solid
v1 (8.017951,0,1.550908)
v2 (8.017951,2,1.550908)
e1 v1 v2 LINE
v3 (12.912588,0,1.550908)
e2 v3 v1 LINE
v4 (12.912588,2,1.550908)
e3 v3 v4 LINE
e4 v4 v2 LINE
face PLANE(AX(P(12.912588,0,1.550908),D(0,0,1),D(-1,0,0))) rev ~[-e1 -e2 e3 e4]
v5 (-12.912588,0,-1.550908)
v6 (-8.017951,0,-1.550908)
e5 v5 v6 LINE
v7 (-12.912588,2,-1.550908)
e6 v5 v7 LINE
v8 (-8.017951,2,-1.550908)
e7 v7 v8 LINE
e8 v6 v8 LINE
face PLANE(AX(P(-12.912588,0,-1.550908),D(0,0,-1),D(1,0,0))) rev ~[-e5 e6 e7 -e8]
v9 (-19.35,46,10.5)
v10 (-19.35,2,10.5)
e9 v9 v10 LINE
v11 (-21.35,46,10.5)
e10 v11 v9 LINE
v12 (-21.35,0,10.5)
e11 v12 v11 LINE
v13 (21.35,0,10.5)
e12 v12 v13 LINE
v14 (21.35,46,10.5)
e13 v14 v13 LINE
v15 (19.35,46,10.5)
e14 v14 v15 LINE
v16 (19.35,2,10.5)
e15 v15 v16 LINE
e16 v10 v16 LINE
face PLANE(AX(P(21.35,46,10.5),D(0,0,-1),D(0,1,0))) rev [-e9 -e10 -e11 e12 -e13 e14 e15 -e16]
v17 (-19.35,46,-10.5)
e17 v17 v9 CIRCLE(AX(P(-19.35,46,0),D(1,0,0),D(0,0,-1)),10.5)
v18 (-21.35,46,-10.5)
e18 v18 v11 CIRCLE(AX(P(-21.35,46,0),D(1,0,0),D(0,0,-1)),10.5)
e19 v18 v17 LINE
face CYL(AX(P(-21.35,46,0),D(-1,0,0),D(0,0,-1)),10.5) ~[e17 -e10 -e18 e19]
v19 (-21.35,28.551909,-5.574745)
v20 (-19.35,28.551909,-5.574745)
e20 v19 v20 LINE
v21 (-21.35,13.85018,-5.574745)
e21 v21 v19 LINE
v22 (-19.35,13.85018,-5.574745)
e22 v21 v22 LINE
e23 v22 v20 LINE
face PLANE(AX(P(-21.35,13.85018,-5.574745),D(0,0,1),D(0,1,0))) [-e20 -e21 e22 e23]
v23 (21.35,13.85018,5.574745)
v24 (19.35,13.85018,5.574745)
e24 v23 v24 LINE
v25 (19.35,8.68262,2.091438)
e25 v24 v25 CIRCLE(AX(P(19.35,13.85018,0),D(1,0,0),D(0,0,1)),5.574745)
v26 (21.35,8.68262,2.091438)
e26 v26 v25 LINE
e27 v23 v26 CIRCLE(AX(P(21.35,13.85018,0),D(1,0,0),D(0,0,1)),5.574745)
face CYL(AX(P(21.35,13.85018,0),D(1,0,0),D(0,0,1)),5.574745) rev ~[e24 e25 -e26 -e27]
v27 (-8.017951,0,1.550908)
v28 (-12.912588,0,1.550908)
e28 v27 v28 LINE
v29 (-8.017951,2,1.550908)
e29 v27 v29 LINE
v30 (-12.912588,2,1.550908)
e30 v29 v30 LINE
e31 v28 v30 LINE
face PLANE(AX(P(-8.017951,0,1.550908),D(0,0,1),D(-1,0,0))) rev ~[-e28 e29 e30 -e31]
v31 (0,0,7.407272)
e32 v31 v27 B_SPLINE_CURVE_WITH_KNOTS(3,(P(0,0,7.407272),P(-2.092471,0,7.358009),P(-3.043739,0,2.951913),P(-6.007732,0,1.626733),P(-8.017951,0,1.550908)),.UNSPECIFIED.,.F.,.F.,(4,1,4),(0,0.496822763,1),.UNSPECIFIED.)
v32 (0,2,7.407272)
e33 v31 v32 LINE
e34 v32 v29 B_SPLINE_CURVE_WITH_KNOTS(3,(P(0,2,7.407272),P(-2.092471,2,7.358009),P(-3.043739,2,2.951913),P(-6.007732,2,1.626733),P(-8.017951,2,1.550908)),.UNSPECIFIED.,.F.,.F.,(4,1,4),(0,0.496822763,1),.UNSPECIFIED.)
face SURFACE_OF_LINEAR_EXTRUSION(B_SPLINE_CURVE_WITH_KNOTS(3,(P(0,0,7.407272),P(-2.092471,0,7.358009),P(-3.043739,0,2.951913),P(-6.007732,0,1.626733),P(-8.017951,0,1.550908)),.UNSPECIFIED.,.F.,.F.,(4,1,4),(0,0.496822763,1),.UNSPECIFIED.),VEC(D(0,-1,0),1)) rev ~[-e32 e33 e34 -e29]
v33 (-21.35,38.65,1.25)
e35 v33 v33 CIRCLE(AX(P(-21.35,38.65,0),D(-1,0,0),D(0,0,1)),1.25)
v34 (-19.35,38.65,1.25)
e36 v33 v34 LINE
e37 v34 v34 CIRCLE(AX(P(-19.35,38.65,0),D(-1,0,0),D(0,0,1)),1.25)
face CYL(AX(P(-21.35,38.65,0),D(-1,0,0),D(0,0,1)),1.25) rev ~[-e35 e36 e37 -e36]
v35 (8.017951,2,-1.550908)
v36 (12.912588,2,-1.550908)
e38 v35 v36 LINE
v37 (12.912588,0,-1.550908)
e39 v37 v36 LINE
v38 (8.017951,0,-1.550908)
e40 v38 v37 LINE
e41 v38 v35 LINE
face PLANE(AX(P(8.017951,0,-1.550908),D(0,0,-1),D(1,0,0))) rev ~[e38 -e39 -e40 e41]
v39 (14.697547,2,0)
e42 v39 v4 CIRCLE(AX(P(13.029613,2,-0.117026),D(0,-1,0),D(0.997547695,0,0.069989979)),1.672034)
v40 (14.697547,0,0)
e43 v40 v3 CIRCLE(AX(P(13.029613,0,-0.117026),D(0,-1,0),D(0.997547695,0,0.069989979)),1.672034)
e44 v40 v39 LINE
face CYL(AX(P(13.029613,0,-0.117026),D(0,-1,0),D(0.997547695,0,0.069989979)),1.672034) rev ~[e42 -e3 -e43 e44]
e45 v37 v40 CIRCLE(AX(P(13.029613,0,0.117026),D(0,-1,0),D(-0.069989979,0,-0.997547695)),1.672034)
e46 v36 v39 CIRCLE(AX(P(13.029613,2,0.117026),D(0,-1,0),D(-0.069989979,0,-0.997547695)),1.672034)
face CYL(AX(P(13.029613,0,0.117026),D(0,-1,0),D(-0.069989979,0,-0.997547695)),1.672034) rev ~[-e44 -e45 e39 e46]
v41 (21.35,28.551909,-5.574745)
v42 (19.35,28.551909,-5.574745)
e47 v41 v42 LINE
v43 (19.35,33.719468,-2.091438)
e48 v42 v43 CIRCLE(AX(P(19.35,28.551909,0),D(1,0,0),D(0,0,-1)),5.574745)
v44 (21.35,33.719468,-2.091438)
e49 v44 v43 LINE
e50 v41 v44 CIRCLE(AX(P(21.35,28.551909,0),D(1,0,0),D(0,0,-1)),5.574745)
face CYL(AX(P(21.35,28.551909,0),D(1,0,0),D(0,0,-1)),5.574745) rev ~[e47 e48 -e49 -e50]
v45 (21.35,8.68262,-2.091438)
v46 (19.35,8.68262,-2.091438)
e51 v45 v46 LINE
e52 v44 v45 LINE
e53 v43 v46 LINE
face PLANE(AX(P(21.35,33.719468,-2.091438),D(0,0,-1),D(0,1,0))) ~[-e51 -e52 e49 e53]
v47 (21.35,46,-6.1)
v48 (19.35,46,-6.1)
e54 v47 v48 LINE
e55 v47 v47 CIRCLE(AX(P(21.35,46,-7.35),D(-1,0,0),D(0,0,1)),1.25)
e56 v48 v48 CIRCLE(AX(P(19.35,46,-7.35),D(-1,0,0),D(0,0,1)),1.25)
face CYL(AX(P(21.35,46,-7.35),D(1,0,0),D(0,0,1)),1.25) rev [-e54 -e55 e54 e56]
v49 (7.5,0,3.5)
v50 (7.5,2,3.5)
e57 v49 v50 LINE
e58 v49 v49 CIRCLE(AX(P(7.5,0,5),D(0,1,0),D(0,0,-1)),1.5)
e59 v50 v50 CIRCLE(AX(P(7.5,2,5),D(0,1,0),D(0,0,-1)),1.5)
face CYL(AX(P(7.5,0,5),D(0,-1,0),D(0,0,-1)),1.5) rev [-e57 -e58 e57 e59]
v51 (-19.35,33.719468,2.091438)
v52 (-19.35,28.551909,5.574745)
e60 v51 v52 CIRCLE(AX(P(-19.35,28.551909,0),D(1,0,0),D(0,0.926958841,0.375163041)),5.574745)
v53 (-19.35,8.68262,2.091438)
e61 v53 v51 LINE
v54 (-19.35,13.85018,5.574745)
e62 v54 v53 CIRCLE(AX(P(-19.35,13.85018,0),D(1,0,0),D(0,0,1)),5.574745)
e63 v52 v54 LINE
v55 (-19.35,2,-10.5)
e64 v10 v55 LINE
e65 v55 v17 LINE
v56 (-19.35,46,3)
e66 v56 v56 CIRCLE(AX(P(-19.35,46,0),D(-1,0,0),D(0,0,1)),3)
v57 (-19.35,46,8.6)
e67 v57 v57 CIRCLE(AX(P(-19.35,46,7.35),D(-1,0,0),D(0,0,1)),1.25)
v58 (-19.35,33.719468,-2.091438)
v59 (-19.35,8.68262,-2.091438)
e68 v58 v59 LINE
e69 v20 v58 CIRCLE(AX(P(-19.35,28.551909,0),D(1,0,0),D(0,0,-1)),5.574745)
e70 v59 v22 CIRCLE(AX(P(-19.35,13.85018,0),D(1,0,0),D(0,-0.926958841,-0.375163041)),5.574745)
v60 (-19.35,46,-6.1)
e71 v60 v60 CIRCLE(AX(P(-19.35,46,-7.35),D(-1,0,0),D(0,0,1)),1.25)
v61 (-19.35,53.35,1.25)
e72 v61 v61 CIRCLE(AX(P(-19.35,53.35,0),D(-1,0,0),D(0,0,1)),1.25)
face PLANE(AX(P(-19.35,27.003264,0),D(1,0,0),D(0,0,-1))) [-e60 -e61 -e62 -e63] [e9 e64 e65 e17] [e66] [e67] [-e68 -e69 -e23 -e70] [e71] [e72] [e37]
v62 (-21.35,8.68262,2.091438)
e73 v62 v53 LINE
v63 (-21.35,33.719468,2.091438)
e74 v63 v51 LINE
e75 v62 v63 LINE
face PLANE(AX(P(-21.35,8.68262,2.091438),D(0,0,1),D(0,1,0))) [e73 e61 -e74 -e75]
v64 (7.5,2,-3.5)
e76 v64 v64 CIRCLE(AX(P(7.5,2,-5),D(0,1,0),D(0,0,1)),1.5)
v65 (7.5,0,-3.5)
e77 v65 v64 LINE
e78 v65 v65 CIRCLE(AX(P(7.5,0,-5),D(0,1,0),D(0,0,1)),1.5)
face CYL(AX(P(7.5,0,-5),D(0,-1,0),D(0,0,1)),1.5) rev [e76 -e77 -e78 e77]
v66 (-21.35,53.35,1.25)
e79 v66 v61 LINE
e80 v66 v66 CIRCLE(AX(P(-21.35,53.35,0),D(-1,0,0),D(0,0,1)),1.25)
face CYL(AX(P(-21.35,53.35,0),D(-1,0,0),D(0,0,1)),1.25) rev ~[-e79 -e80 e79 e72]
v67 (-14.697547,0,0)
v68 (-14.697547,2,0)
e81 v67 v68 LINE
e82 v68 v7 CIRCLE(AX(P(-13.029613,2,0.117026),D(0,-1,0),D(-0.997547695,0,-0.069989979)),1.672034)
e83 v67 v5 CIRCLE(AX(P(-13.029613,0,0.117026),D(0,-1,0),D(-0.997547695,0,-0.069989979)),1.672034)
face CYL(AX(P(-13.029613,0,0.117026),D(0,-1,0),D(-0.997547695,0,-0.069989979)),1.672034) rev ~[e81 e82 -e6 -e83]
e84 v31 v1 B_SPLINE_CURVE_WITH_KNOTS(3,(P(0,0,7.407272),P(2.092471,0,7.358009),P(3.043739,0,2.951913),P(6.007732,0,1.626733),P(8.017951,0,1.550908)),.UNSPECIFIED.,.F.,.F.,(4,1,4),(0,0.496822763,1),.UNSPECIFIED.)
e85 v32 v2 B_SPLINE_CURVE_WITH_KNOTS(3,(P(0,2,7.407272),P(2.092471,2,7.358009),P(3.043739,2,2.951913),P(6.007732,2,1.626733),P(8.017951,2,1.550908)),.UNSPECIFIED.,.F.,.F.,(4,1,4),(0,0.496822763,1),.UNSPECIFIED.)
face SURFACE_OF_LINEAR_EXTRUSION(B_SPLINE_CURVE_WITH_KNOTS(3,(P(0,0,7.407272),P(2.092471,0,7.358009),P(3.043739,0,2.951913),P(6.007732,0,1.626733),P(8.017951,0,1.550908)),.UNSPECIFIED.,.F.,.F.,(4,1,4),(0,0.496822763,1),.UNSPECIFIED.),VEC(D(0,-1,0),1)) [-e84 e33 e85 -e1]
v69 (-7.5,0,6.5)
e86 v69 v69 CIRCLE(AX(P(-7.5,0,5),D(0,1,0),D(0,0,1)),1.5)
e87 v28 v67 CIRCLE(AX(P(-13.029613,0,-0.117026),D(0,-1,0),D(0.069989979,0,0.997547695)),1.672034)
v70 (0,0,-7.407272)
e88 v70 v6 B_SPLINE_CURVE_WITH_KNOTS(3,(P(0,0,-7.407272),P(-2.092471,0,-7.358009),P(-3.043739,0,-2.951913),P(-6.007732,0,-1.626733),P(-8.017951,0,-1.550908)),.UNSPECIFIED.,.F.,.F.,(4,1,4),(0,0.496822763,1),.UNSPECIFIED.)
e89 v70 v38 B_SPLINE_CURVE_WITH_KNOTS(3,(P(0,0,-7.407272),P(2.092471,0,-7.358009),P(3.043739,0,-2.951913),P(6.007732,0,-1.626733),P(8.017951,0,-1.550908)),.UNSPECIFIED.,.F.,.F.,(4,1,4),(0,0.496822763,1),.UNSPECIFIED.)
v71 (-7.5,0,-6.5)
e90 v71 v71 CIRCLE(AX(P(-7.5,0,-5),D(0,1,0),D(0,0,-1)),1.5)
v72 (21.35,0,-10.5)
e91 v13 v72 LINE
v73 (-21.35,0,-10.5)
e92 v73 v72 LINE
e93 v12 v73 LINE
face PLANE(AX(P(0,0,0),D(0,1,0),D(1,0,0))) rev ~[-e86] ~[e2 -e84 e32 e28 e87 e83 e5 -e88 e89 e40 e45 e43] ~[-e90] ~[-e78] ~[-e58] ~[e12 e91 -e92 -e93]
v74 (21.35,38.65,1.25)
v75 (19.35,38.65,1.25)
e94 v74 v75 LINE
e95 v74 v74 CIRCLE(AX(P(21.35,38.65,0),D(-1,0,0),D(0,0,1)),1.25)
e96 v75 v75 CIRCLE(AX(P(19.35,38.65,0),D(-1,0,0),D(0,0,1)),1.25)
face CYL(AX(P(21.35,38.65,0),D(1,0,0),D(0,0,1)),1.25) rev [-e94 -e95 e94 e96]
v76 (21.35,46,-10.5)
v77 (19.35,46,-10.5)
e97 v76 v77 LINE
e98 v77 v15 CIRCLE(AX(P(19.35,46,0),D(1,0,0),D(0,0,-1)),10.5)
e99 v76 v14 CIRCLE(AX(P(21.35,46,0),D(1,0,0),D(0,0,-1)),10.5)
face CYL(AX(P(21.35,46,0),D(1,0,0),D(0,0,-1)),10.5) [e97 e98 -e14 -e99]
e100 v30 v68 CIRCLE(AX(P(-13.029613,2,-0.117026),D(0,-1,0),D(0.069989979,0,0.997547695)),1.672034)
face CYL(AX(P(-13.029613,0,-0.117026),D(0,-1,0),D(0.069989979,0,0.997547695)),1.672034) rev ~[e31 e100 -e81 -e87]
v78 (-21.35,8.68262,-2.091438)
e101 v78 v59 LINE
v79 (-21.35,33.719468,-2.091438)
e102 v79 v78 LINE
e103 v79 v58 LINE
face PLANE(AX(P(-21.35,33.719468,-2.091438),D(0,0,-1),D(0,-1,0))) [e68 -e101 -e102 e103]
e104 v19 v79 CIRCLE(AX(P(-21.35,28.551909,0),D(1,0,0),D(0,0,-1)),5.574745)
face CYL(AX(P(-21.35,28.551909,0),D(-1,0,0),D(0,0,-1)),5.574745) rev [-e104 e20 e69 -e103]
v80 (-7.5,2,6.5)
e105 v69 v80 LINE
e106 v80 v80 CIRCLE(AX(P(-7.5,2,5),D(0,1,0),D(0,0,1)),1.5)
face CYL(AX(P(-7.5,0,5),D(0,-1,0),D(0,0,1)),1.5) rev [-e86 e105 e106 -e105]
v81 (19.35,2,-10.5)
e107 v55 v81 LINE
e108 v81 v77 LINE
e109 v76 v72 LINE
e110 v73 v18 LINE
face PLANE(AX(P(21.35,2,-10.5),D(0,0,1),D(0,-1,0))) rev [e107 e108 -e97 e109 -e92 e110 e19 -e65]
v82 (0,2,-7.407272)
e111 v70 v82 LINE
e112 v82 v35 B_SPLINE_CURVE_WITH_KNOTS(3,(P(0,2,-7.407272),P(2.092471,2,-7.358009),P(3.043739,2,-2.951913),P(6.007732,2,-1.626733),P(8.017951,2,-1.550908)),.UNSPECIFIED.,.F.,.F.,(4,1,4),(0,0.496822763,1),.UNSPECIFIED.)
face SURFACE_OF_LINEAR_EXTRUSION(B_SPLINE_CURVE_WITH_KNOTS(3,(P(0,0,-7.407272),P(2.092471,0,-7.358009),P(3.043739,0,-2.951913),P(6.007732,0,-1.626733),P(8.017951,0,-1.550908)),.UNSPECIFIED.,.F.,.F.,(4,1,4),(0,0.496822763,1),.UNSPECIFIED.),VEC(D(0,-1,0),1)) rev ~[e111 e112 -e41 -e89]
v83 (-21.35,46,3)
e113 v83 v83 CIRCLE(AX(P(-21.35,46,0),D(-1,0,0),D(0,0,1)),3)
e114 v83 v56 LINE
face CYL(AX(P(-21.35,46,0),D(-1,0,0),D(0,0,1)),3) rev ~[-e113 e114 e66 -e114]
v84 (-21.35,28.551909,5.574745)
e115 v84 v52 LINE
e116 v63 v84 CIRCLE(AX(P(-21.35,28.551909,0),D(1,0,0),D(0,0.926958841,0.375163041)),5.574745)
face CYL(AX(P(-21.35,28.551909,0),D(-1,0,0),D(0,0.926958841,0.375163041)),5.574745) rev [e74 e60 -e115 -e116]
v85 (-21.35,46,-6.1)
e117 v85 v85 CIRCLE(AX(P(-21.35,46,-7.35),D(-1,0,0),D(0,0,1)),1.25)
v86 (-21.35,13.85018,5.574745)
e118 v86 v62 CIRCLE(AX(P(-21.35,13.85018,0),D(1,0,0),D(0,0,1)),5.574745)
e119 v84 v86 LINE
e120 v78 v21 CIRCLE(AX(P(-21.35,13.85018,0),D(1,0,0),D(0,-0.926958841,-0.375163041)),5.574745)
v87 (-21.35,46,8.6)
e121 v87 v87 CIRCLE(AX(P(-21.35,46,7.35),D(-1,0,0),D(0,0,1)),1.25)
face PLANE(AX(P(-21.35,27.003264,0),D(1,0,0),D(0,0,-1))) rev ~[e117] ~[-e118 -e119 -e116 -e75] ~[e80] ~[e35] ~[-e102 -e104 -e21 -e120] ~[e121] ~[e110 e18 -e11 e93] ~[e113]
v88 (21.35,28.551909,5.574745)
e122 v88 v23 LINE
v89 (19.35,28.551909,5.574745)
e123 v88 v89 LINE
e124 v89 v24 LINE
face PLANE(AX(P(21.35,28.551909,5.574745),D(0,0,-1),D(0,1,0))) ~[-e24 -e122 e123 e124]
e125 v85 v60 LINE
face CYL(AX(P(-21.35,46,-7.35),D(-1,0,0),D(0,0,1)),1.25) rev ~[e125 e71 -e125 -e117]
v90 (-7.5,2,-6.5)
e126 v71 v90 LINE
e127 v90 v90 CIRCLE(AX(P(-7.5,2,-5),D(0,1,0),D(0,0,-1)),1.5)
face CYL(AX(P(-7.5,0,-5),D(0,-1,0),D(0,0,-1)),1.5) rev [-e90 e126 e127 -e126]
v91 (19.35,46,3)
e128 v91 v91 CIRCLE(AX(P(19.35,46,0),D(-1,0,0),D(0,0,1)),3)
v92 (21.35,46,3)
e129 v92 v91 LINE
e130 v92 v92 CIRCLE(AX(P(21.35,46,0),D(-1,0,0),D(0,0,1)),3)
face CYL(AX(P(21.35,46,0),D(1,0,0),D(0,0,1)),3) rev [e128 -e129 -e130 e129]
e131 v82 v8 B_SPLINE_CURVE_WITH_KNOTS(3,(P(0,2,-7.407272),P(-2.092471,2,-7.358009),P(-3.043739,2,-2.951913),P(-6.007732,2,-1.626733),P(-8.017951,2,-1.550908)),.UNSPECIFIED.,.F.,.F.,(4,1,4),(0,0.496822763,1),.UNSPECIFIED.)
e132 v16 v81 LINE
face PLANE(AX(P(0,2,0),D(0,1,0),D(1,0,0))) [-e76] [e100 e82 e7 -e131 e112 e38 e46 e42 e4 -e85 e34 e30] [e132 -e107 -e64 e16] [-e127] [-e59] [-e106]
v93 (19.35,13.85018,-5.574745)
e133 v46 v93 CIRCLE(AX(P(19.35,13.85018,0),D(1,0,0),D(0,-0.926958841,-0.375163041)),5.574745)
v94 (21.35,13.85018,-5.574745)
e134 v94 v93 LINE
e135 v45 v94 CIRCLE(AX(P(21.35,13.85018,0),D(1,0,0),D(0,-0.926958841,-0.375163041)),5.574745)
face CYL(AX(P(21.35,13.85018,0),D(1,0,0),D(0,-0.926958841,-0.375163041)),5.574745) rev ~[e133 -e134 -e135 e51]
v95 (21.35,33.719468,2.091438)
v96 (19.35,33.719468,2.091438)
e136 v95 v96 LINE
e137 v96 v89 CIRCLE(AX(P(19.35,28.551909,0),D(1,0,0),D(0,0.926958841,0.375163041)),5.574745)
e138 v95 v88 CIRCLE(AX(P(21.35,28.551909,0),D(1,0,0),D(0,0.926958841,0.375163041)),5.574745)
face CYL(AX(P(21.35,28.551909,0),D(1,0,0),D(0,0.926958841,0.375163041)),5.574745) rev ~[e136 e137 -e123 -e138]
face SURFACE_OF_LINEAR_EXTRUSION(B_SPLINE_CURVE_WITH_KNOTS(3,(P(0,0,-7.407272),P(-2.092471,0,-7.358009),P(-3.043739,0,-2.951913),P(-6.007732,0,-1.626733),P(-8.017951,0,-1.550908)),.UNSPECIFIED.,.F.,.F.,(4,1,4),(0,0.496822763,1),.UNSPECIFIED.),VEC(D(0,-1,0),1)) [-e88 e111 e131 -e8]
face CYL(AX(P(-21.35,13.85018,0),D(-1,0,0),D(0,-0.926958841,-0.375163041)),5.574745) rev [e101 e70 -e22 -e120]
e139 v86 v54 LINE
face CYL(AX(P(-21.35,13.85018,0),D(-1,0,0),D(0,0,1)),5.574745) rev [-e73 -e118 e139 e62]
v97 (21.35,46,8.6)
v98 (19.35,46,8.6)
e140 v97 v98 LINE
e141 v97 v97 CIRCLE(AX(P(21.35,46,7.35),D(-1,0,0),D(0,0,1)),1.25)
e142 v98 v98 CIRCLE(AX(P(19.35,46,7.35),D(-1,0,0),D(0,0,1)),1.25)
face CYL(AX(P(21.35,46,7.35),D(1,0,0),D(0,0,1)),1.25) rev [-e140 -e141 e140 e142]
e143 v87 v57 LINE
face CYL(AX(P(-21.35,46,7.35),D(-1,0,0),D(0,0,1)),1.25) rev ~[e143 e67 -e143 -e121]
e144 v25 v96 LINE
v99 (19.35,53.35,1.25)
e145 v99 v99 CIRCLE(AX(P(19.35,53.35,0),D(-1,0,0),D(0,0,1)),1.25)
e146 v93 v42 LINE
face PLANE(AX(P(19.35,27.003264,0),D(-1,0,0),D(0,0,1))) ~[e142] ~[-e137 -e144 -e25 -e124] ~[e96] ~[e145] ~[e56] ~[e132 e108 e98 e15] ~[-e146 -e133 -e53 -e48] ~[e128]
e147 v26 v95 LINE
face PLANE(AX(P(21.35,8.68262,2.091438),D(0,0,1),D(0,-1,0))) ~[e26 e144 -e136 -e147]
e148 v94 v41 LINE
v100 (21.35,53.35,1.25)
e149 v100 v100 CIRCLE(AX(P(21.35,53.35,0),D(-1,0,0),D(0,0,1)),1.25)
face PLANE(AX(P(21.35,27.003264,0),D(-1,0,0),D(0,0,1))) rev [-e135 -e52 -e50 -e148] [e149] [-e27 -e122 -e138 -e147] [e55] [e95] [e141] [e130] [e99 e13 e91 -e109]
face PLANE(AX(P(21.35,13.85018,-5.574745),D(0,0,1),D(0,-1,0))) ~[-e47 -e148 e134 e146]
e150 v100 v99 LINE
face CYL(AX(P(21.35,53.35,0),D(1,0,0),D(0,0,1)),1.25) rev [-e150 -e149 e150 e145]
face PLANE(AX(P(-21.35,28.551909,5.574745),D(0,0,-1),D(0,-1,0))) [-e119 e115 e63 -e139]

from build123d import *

# Parameters (mm, degrees)
SKETCH_1_W      = 42.7
SKETCH_1_H      = 21
SKETCH_1_R      = 1.5
EXTRUDE_1_DEPTH = 2
SKETCH_2_R      = 1.25
SKETCH_2_R_2    = 3
EXTRUDE_2_DEPTH = 2


with BuildPart() as part:
    # 草图1 → 凸台-拉伸1 (new body)
    with BuildSketch(Plane(origin=(0, 0, 0), x_dir=(1, 0, 0), z_dir=(0, 1, 0))):
        Rectangle(SKETCH_1_W, SKETCH_1_H)
        with Locations(Location((7.5, 5, 0), (0, 0, 270))):
            Circle(SKETCH_1_R, mode=Mode.SUBTRACT)
        with Locations(Location((7.5, -5, 0), (0, 0, 90))):
            Circle(SKETCH_1_R, mode=Mode.SUBTRACT)
        with Locations(Location((-7.5, -5, 0), (0, 0, 270))):
            Circle(SKETCH_1_R, mode=Mode.SUBTRACT)
        with Locations(Location((-7.5, 5, 0), (0, 0, 90))):
            Circle(SKETCH_1_R, mode=Mode.SUBTRACT)
        with BuildLine():
            Line((8.017950723, 1.550908082), (12.912587519, 1.550908082))
            ThreePointArc((12.912587519, 1.550908082), (14.126270768, 1.145131224), (14.697546856, 0))
            ThreePointArc((14.697546856, 0), (14.126270768, -1.145131224), (12.912587519, -1.550908082))
            Line((12.912587519, -1.550908082), (8.017950723, -1.550908082))
            add(Edge.make_bspline(
                [(0, -7.407271614), (2.092471107, -7.358009404), (3.043739342, -2.951912586), (6.007732496, -1.626733157), (8.017950723, -1.550908082)],
                knots=[0, 0, 0, 0, 0.496822763, 1, 1, 1, 1], degree=3))
            add(Edge.make_bspline(
                [(0, -7.407271614), (-2.092471107, -7.358009404), (-3.043739342, -2.951912586), (-6.007732496, -1.626733157), (-8.017950723, -1.550908082)],
                knots=[0, 0, 0, 0, 0.496822763, 1, 1, 1, 1], degree=3))
            Line((-8.017950723, -1.550908082), (-12.912587519, -1.550908082))
            ThreePointArc((-12.912587519, -1.550908082), (-14.126270768, -1.145131224), (-14.697546856, 0))
            ThreePointArc((-14.697546856, 0), (-14.126270768, 1.145131224), (-12.912587519, 1.550908082))
            Line((-12.912587519, 1.550908082), (-8.017950723, 1.550908082))
            add(Edge.make_bspline(
                [(0, 7.407271614), (-2.092471107, 7.358009404), (-3.043739342, 2.951912586), (-6.007732496, 1.626733157), (-8.017950723, 1.550908082)],
                knots=[0, 0, 0, 0, 0.496822763, 1, 1, 1, 1], degree=3))
            add(Edge.make_bspline(
                [(0, 7.407271614), (2.092471107, 7.358009404), (3.043739342, 2.951912586), (6.007732496, 1.626733157), (8.017950723, 1.550908082)],
                knots=[0, 0, 0, 0, 0.496822763, 1, 1, 1, 1], degree=3))
        make_face(mode=Mode.SUBTRACT)
    extrude(amount=EXTRUDE_1_DEPTH)

    # 草图2 → 凸台-拉伸2 (add)
    with BuildSketch(Plane.ZY.offset(21.35)):
        with BuildLine():
            Line((-10.5, 2), (-10.5, 46))
            ThreePointArc((-10.5, 46), (0, 56.5), (10.5, 46))
            Line((10.5, 46), (10.5, 2))
            Line((10.5, 2), (-10.5, 2))
        make_face()
        with Locations((0, 38.65)):
            Circle(SKETCH_2_R, mode=Mode.SUBTRACT)
        with Locations((-7.35, 46)):
            Circle(SKETCH_2_R, mode=Mode.SUBTRACT)
        with Locations((0, 53.35)):
            Circle(SKETCH_2_R, mode=Mode.SUBTRACT)
        with Locations((7.35, 46)):
            Circle(SKETCH_2_R, mode=Mode.SUBTRACT)
        with Locations((0, 46)):
            Circle(SKETCH_2_R_2, mode=Mode.SUBTRACT)
        with BuildLine():
            Line((-2.091438456, 33.71946821), (-2.091438456, 8.682620376))
            ThreePointArc((-2.091438456, 8.682620376), (-4.622608783, 10.734209017), (-5.574745456, 13.850179963))
            Line((-5.574745456, 13.850179963), (-5.574745456, 28.551908623))
            ThreePointArc((-5.574745456, 28.551908623), (-4.622608783, 31.667879569), (-2.091438456, 33.71946821))
        make_face(mode=Mode.SUBTRACT)
        with BuildLine():
            Line((5.574745456, 28.551908623), (5.574745456, 13.850179963))
            ThreePointArc((5.574745456, 13.850179963), (4.622608783, 10.734209017), (2.091438456, 8.682620376))
            Line((2.091438456, 8.682620376), (2.091438456, 33.71946821))
            ThreePointArc((2.091438456, 33.71946821), (4.622608783, 31.667879569), (5.574745456, 28.551908623))
        make_face(mode=Mode.SUBTRACT)
    extrude_2 = extrude(amount=-EXTRUDE_2_DEPTH)

    # 镜向1: 凸台-拉伸2 across plane
    add(extrude_2.mirror(Plane(origin=(0, 0, 0), x_dir=(0, 0, 1), z_dir=(1, 0, 0))))


solid = part.part
